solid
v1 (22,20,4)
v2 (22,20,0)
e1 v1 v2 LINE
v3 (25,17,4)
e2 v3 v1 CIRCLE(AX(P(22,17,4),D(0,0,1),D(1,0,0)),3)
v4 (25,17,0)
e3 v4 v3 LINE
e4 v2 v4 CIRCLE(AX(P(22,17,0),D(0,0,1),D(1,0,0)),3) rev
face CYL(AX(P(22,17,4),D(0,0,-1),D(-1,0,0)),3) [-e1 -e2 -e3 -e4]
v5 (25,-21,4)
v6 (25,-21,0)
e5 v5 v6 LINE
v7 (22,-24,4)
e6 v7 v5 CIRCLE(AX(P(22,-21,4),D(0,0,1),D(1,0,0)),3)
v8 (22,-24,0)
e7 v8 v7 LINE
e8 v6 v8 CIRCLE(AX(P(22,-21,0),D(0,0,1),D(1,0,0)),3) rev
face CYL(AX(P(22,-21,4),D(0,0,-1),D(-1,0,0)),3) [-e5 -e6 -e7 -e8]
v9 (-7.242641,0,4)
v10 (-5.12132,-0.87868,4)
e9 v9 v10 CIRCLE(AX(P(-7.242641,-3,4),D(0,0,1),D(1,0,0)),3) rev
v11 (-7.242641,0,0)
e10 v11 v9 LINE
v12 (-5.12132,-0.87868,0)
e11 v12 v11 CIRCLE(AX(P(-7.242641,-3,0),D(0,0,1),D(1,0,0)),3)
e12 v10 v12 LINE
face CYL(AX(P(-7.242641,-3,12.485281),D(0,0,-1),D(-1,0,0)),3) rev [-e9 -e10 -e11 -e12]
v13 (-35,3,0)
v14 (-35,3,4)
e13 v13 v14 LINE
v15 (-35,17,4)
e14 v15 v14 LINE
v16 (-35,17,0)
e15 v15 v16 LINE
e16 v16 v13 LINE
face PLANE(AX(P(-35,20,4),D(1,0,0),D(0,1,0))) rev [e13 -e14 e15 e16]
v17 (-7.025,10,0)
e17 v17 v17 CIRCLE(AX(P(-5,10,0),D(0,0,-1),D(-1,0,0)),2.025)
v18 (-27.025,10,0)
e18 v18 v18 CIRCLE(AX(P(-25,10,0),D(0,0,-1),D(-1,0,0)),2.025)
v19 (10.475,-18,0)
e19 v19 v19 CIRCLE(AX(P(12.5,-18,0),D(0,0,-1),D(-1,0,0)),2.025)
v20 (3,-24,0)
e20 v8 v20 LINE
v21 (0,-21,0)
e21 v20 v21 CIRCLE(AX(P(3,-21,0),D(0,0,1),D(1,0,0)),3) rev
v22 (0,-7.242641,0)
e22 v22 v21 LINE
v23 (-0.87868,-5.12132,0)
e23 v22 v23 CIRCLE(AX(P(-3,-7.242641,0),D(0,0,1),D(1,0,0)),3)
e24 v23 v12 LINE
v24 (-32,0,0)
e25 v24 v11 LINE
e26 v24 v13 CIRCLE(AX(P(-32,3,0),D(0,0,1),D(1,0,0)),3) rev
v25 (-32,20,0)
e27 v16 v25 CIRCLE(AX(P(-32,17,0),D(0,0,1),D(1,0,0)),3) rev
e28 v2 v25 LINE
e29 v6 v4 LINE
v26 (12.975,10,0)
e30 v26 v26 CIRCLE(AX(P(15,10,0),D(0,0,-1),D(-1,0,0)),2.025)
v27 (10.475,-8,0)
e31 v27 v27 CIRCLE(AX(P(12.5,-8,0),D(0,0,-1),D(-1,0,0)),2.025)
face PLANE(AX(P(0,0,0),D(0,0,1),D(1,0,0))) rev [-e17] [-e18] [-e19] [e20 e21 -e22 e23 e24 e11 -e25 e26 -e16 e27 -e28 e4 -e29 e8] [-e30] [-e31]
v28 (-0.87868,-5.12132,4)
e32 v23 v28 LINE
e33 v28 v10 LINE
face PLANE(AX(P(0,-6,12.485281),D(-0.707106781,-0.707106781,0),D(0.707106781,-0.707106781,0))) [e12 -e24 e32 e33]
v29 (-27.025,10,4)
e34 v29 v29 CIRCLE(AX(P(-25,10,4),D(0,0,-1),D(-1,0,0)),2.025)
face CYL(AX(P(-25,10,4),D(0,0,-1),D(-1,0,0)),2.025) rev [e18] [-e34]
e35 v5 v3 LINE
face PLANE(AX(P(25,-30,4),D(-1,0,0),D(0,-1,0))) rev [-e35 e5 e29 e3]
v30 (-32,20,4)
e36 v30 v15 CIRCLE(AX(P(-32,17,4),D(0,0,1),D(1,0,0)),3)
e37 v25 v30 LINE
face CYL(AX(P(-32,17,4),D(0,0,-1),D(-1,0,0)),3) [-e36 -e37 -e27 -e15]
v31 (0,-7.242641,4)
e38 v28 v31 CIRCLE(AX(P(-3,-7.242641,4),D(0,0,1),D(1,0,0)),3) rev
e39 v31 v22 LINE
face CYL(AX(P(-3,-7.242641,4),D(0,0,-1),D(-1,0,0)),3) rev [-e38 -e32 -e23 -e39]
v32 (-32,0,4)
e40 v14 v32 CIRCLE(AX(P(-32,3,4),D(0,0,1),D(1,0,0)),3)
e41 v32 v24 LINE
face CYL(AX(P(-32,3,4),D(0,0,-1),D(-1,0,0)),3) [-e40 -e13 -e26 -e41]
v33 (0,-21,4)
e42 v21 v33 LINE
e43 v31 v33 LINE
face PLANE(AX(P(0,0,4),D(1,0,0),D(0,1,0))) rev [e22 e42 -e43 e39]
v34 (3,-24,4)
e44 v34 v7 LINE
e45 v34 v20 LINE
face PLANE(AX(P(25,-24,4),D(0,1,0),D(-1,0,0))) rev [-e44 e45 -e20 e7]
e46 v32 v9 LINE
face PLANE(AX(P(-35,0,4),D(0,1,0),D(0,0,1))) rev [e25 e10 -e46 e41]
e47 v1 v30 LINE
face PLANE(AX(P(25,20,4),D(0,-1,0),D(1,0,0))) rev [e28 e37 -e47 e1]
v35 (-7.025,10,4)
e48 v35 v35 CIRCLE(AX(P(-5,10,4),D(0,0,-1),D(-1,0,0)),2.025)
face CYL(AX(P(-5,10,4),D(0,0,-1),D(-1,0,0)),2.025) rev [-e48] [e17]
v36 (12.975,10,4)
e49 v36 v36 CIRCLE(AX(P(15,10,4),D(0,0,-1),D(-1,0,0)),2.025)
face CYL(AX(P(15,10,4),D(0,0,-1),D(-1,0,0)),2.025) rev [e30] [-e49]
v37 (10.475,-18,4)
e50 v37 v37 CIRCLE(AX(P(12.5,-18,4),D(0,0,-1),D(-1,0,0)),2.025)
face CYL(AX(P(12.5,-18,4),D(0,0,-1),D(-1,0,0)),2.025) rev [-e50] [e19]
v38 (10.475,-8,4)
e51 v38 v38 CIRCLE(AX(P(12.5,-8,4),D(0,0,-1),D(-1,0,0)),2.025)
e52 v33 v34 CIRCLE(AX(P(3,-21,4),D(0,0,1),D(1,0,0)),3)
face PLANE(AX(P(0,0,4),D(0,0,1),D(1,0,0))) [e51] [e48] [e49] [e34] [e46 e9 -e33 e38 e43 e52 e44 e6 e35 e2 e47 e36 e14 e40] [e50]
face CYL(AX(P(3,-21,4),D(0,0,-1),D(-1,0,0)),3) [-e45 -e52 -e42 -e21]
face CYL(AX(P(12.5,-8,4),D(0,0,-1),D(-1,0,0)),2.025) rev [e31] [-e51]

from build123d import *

# Parameters (mm, degrees)
EXTRUDE_1_DEPTH          = 4
EXTRUDE_2_DEPTH          = 4
SKETCH_3_R               = 5
CUT_EXTRUDE_1_DEPTH      = 4
SKETCH_6_W               = 25
SKETCH_6_H               = 6
CUT_EXTRUDE_4_DEPTH      = 1
CUT_EXTRUDE_4_DEPTH_BACK = 5
SKETCH_7_R               = 2.025
CUT_EXTRUDE_5_DEPTH      = 1
CUT_EXTRUDE_5_DEPTH_BACK = 5
SKETCH_9_R               = 5
EXTRUDE_3_DEPTH          = 4
SKETCH_12_R              = 2.025
CUT_EXTRUDE_8_DEPTH      = 1
CUT_EXTRUDE_8_DEPTH_BACK = 5
CUT_EXTRUDE_9_DEPTH      = 1
CUT_EXTRUDE_9_DEPTH_BACK = 5
EXTRUDE_4_DEPTH          = 4
FILLET_1_R               = 3


with BuildPart() as part:
    # 草图1 → 凸台-拉伸1 (new body)
    with BuildSketch(Plane.XY):
        Polygon((-35, 0), (0, 0), (0, -30), (25, -30), (25, 20), (-35, 20), align=None)
    extrude(amount=EXTRUDE_1_DEPTH)

    # 草图2 → 凸台-拉伸2 (add)
    with BuildSketch(Plane(origin=(0, 0, 0), x_dir=(-1, 0, 0), z_dir=(0, 0, -1))):
        with BuildLine():
            Line((-15.347247215, 38.473341973), (-25, 20))
            Line((-25, 20), (7.6, 20))
            Line((7.6, 20), (-2.052752785, 38.473341973))
            ThreePointArc((-2.052752785, 38.473341973), (-8.7, 42.5), (-15.347247215, 38.473341973))
        make_face()
    extrude(amount=-EXTRUDE_2_DEPTH)

    # 草图3 → 切除-拉伸1 (cut)
    with BuildSketch(Plane(origin=(0, 0, 0), x_dir=(-1, 0, 0), z_dir=(0, 0, -1))):
        with Locations((-8.7, 35)):
            Circle(SKETCH_3_R)
    extrude(amount=-CUT_EXTRUDE_1_DEPTH, mode=Mode.SUBTRACT)

    # 草图6 → 切除-拉伸4 (cut, two sides)
    with BuildSketch(Plane(origin=(0, 0, 0), x_dir=(-1, 0, 0), z_dir=(0, 0, -1))) as cut_extrude_4_sk:
        with Locations((-12.5, -27)):
            Rectangle(SKETCH_6_W, SKETCH_6_H)
    extrude(amount=CUT_EXTRUDE_4_DEPTH, mode=Mode.SUBTRACT)
    extrude(cut_extrude_4_sk.sketch, amount=-CUT_EXTRUDE_4_DEPTH_BACK, mode=Mode.SUBTRACT)

    # 草图7 → 切除-拉伸5 (cut, two sides)
    with BuildSketch(Plane(origin=(0, 0, 0), x_dir=(-1, 0, 0), z_dir=(0, 0, -1))) as cut_extrude_5_sk:
        with Locations((-12.5, -8)):
            Circle(SKETCH_7_R)
        with Locations((-12.5, -18)):
            Circle(SKETCH_7_R)
    extrude(amount=CUT_EXTRUDE_5_DEPTH, mode=Mode.SUBTRACT)
    extrude(cut_extrude_5_sk.sketch, amount=-CUT_EXTRUDE_5_DEPTH_BACK, mode=Mode.SUBTRACT)

    # 草图9 → 凸台-拉伸3 (add)
    with BuildSketch(Plane(origin=(0, 0, 0), x_dir=(-1, 0, 0), z_dir=(0, 0, -1))):
        with BuildLine():
            Line((-20.878399595, 37.817194226), (-25, 20))
            Line((-25, 20), (7.6, 20))
            Line((7.6, 20), (3.478399595, 37.817194226))
            ThreePointArc((3.478399595, 37.817194226), (-8.7, 47.5), (-20.878399595, 37.817194226))
        make_face()
        with Locations((-8.7, 35)):
            Circle(SKETCH_9_R, mode=Mode.SUBTRACT)
    extrude(amount=-EXTRUDE_3_DEPTH)

    # 草图12 → 切除-拉伸8 (cut, two sides)
    with BuildSketch(Plane(origin=(0, 0, 0), x_dir=(-1, 0, 0), z_dir=(0, 0, -1))) as cut_extrude_8_sk:
        with Locations((-15, 10)):
            Circle(SKETCH_12_R)
        with Locations((5, 10)):
            Circle(SKETCH_12_R)
        with Locations((25, 10)):
            Circle(SKETCH_12_R)
    extrude(amount=CUT_EXTRUDE_8_DEPTH, mode=Mode.SUBTRACT)
    extrude(cut_extrude_8_sk.sketch, amount=-CUT_EXTRUDE_8_DEPTH_BACK, mode=Mode.SUBTRACT)

    # 草图13 → 切除-拉伸9 (cut, two sides)
    with BuildSketch(Plane(origin=(0, 0, 0), x_dir=(-1, 0, 0), z_dir=(0, 0, -1))) as cut_extrude_9_sk:
        with BuildLine():
            Line((-25, 20), (7.6, 20))
            Line((7.6, 20), (3.478399595, 37.817194226))
            ThreePointArc((3.478399595, 37.817194226), (-8.7, 47.5), (-20.878399595, 37.817194226))
            Line((-20.878399595, 37.817194226), (-25, 20))
        make_face()
    extrude(amount=CUT_EXTRUDE_9_DEPTH, mode=Mode.SUBTRACT)
    extrude(cut_extrude_9_sk.sketch, amount=-CUT_EXTRUDE_9_DEPTH_BACK, mode=Mode.SUBTRACT)

    # 草图14 → 凸台-拉伸4 (add)
    with BuildSketch(Plane(origin=(0, 0, 0), x_dir=(-1, 0, 0), z_dir=(0, 0, -1))):
        Polygon((0, -6), (6, 0), (0, 0), align=None)
    extrude(amount=-EXTRUDE_4_DEPTH)

    # 圆角1
    fillet_1_edges = [part.edges().sort_by_distance(p)[0] for p in [
        (-35, 20, 2),
        (25, 20, 2),
        (-35, 0, 2),
        (-6, 0, 2),
        (0, -6, 2),
        (25, -24, 2),
        (0, -24, 2),
    ]]
    fillet(fillet_1_edges, radius=FILLET_1_R)


solid = part.part
